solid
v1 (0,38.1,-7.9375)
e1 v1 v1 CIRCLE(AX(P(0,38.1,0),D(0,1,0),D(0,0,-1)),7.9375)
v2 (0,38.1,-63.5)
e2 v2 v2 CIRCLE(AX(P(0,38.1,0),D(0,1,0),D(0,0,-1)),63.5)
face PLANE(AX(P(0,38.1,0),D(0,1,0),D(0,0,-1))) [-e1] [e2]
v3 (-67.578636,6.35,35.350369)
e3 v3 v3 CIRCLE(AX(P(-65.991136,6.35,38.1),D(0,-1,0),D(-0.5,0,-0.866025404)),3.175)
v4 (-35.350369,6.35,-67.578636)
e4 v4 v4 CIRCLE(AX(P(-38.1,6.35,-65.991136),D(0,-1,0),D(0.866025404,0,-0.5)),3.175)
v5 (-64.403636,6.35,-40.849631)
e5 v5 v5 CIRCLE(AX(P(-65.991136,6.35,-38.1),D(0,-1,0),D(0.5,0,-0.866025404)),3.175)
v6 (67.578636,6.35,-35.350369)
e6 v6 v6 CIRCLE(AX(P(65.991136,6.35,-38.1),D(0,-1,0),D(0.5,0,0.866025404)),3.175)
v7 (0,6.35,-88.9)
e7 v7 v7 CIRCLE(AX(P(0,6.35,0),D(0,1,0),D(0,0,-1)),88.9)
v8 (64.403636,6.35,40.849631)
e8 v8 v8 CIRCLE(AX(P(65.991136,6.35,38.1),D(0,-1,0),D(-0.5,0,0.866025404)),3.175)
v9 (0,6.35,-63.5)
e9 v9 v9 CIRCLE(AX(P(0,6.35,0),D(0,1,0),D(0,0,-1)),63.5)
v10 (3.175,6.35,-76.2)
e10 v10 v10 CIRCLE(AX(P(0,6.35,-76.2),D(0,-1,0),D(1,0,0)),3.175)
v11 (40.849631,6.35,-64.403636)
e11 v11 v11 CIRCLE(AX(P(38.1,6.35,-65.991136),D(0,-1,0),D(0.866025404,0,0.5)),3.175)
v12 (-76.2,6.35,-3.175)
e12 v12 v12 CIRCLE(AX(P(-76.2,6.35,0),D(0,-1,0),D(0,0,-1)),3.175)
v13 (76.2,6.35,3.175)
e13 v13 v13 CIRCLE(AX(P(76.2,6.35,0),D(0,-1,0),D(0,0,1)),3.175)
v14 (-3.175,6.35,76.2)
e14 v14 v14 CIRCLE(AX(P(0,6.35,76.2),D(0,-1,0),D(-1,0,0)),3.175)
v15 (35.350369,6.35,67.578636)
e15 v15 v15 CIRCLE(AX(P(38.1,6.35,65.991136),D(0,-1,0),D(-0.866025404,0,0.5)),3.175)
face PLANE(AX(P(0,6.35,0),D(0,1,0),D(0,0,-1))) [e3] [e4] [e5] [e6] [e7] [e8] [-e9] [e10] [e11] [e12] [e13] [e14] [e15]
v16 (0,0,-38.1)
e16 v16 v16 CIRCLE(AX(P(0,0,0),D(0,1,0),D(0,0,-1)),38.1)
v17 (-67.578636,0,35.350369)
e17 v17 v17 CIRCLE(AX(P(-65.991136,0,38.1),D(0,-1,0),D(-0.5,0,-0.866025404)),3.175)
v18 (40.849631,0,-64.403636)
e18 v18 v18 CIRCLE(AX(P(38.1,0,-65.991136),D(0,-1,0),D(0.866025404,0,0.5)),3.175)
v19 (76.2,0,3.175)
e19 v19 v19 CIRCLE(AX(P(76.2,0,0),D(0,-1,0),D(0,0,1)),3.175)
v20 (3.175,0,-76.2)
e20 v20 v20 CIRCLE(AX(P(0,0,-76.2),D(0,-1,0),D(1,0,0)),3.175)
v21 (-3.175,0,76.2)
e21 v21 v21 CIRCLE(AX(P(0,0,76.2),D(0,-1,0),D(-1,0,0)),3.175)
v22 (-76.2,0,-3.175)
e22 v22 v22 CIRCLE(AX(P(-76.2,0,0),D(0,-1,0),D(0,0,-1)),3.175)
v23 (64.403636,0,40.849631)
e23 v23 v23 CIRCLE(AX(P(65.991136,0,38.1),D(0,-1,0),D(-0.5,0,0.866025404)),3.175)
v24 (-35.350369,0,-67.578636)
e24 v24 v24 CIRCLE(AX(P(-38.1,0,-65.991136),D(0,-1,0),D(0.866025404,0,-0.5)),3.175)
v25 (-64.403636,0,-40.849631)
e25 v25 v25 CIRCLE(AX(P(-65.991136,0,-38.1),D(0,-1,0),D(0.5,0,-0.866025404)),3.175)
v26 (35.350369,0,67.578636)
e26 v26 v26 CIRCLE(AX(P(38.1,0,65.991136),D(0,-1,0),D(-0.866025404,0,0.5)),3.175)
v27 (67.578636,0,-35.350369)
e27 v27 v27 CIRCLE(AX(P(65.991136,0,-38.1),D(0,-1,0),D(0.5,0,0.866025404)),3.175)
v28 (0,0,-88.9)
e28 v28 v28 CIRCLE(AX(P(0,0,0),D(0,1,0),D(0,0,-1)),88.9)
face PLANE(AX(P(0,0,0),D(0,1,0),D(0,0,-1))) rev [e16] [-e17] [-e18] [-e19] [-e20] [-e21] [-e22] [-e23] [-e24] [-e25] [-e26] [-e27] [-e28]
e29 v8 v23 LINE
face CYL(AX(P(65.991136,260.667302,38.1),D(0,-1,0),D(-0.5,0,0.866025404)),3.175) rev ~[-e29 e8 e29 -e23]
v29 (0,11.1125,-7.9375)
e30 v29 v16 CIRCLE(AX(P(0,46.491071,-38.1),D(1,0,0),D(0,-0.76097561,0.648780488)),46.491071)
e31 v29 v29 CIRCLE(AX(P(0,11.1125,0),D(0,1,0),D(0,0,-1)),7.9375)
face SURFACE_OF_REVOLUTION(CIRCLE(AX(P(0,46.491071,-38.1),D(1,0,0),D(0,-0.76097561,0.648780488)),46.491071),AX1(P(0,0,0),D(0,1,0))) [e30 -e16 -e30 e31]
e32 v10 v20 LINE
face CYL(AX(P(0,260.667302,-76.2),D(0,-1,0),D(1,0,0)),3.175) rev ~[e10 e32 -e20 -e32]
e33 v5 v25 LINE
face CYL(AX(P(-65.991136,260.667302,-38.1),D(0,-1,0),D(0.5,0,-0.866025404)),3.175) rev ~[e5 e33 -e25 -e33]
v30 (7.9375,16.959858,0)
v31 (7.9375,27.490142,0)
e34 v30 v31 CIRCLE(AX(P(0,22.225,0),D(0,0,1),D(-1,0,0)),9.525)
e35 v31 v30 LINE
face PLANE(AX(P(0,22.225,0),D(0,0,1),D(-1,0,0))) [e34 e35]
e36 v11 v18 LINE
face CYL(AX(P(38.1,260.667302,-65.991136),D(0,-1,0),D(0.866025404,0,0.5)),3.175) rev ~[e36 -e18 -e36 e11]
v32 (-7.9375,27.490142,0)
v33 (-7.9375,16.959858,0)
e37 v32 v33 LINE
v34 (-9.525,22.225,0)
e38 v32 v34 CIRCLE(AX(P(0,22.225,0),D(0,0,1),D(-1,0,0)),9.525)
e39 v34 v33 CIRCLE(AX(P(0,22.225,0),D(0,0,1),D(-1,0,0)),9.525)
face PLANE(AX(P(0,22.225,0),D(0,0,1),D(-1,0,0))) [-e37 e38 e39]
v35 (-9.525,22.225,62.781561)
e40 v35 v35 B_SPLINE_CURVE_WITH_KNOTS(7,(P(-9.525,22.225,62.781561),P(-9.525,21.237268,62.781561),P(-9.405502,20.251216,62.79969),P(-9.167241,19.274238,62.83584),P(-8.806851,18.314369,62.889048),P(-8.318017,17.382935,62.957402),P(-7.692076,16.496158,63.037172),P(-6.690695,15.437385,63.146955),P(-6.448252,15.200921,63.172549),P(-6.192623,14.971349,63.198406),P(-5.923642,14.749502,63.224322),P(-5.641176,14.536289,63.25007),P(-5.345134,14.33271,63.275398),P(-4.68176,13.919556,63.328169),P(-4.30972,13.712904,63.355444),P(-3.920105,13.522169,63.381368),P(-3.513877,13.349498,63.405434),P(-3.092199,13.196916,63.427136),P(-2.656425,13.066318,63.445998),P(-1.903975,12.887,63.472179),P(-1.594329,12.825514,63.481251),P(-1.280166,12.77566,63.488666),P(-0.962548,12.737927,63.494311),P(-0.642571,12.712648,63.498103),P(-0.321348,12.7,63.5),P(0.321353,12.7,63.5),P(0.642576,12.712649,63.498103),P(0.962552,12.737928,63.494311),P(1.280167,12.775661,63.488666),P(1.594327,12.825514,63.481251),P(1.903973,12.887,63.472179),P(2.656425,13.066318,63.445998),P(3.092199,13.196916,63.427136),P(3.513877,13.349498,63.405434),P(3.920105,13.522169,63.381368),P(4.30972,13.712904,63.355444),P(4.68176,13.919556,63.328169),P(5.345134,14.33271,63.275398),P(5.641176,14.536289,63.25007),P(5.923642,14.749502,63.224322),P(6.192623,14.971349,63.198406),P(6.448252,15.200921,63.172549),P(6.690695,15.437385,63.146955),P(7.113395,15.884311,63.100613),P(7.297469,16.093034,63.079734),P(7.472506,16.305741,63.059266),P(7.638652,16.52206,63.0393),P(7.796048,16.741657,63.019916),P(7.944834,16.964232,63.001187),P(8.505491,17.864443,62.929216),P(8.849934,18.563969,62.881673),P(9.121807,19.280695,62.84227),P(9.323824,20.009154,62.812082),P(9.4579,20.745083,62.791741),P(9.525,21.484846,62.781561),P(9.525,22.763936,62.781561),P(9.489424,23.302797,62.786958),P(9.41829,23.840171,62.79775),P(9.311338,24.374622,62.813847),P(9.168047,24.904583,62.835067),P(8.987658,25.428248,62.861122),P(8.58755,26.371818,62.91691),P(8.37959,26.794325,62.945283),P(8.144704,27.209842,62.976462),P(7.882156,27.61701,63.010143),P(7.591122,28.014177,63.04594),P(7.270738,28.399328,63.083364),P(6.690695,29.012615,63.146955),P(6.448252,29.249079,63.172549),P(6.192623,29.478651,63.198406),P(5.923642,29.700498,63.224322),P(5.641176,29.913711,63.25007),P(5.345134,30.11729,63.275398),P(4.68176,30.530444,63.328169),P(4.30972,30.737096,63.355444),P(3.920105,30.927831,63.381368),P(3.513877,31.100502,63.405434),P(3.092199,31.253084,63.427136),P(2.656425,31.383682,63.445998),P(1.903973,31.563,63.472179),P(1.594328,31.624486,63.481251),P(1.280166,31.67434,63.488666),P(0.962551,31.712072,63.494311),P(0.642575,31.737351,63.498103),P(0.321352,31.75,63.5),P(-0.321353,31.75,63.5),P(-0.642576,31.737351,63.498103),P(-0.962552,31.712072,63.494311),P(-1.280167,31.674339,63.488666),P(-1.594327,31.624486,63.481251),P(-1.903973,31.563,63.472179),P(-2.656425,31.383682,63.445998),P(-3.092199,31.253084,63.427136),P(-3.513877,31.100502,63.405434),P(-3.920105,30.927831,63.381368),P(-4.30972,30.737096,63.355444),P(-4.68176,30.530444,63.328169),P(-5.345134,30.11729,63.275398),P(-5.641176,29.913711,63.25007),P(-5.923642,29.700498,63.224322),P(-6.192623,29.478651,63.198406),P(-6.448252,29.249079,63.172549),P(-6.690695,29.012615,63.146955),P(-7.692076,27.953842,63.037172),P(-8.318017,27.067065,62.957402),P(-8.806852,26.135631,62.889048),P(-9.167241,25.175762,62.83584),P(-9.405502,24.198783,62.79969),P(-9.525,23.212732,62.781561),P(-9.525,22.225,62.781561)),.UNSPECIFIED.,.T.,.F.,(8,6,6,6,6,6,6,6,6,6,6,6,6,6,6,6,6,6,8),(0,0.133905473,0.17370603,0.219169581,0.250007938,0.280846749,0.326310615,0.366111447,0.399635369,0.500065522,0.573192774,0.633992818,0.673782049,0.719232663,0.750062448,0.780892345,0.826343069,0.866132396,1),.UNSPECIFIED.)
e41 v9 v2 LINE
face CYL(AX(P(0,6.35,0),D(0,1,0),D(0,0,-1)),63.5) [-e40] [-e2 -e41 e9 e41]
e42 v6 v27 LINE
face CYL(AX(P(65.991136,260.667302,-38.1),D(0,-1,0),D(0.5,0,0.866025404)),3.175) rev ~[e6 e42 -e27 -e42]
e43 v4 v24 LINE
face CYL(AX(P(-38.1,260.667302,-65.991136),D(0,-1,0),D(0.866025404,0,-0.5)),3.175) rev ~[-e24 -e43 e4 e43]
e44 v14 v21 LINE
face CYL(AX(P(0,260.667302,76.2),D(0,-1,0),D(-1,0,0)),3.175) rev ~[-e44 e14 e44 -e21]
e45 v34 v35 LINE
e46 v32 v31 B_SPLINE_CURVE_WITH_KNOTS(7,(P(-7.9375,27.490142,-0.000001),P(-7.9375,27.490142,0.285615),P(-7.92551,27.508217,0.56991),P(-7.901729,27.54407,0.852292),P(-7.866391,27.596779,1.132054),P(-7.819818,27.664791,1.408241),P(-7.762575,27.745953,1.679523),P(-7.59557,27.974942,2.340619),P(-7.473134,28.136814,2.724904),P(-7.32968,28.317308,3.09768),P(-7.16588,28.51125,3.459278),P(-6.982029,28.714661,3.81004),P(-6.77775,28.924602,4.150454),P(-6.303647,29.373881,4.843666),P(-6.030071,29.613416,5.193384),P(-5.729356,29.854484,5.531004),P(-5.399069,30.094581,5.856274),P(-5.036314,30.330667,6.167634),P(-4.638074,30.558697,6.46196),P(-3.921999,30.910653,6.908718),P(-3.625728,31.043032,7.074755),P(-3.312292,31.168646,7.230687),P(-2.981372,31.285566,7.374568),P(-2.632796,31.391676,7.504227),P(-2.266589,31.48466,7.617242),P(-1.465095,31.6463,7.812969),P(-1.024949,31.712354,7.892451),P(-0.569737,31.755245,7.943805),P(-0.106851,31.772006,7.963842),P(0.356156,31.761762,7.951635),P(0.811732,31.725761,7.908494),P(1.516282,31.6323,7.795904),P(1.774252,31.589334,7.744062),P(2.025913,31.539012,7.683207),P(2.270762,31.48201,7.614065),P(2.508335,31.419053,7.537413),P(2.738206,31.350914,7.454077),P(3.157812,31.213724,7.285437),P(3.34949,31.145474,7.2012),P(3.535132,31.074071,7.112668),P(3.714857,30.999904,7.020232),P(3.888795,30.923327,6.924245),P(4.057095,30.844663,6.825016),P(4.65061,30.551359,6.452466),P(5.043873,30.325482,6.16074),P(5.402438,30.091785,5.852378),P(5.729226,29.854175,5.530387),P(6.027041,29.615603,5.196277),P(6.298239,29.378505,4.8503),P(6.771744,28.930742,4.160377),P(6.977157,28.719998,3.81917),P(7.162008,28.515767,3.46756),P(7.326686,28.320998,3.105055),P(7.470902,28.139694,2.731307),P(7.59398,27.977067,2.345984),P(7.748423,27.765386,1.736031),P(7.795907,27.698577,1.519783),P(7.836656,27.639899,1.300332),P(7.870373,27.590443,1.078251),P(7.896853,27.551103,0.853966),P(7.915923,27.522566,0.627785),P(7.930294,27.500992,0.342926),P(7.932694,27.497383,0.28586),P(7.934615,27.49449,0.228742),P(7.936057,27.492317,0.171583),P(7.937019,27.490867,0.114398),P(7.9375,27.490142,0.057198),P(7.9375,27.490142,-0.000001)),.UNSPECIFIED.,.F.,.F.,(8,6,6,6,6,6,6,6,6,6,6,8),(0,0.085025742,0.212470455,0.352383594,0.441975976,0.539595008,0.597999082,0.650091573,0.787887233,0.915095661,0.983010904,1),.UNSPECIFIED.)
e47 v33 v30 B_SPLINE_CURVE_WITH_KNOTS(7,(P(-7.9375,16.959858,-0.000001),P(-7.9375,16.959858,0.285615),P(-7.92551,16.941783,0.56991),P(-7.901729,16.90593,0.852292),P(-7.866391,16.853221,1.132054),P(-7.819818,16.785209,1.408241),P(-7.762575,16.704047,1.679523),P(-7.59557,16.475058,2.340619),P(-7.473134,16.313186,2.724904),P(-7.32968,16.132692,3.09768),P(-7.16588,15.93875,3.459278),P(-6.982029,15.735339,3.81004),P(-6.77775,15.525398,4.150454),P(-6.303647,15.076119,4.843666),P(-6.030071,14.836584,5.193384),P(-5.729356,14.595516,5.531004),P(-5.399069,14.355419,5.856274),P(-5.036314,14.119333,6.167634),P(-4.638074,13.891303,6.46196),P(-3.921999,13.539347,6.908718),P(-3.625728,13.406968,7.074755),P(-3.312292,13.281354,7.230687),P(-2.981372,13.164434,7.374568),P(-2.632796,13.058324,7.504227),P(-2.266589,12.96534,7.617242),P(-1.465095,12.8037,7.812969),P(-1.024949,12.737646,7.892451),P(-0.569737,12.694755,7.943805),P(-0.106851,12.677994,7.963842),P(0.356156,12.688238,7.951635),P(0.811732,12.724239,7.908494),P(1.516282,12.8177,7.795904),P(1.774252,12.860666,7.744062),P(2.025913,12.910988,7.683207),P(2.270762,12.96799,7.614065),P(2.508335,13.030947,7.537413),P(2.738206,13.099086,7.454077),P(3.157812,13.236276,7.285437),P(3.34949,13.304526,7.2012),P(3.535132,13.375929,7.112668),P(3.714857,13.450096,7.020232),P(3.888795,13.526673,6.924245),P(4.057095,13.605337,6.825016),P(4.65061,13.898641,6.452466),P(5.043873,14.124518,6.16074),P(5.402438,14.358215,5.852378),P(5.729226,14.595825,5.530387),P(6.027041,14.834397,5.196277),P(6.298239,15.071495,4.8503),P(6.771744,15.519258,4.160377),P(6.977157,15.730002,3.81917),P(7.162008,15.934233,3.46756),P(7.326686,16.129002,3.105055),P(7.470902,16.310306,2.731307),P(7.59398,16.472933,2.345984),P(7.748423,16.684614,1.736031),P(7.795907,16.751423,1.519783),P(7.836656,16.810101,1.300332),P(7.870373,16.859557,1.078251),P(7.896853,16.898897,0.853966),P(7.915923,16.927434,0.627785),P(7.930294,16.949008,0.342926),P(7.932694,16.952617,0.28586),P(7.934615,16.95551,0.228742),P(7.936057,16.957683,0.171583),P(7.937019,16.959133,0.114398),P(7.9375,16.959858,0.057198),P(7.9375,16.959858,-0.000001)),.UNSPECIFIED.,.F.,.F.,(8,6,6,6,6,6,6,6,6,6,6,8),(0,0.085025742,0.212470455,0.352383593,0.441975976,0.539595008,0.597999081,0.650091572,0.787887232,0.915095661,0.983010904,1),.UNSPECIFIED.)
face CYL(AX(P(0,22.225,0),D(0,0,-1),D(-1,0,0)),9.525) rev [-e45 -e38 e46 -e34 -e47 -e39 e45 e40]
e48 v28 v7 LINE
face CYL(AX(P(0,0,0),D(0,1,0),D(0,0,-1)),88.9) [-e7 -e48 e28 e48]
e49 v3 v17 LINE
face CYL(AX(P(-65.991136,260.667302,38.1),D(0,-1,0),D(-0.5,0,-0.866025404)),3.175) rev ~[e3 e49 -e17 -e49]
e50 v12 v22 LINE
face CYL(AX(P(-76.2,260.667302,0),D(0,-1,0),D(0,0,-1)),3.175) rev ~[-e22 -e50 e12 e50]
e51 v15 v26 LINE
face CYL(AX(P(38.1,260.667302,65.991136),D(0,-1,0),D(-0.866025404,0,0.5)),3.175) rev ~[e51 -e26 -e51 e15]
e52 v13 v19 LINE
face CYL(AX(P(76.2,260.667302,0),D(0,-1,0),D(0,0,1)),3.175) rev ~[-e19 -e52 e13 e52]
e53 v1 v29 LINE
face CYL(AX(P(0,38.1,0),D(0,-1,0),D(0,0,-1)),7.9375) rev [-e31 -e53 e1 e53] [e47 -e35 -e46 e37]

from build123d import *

# Parameters (mm, degrees)
F_1_4_0_25_DIAMETER_HOLE1_D = 6.35
CIRPATTERN2_COUNT           = 12
SKETCH6_R                   = 9.525
CUT_EXTRUDE1_DEPTH          = 132.369821496


with BuildPart() as part:
    # Sketch1 → Revolve1 (revolve)
    with BuildSketch(Plane.XY, mode=Mode.PRIVATE) as revolve1_sk:
        with BuildLine():
            Line((7.9375, 38.1), (7.9375, 11.1125))
            ThreePointArc((7.9375, 11.1125), (22.02778747, 2.86649456), (38.1, 0))
            Line((38.1, 0), (88.9, 0))
            Line((88.9, 0), (88.9, 6.35))
            Line((88.9, 6.35), (63.5, 6.35))
            Line((63.5, 6.35), (63.5, 38.1))
            Line((63.5, 38.1), (7.9375, 38.1))
        make_face()
    revolve(revolve1_sk.sketch.rotate(Axis((0, 0, 0), (0, 1, 0)), 90), axis=Axis((0, 0, 0), (0, 1, 0)))

    # 1/4 (0.25) Diameter Hole1 (through all)
    with Locations(Plane(origin=(0, 6.35, 0), x_dir=(1, 0, 0), z_dir=(0, 1, 0))):
        with Locations((0, -76.2)):
            f_1_4_0_25_diameter_hole1 = Hole(F_1_4_0_25_DIAMETER_HOLE1_D / 2)

    # CirPattern2: 1/4 (0.25) Diameter Hole1 ×12 about axis, 1 skipped
    cirpattern2_axis = Axis((0, 0, 0), (0, 1, 0))
    add([f_1_4_0_25_diameter_hole1.rotate(cirpattern2_axis, i * 360 / CIRPATTERN2_COUNT) for i in range(1, CIRPATTERN2_COUNT) if i not in (11,)], mode=Mode.SUBTRACT)

    # Sketch6 → Cut-Extrude1 (cut, through all)
    with BuildSketch(Plane.XY):
        with Locations(Location((0, 22.225, 0), (0, 0, 180))):
            Circle(SKETCH6_R)
    extrude(amount=CUT_EXTRUDE1_DEPTH, mode=Mode.SUBTRACT)


solid = part.part
